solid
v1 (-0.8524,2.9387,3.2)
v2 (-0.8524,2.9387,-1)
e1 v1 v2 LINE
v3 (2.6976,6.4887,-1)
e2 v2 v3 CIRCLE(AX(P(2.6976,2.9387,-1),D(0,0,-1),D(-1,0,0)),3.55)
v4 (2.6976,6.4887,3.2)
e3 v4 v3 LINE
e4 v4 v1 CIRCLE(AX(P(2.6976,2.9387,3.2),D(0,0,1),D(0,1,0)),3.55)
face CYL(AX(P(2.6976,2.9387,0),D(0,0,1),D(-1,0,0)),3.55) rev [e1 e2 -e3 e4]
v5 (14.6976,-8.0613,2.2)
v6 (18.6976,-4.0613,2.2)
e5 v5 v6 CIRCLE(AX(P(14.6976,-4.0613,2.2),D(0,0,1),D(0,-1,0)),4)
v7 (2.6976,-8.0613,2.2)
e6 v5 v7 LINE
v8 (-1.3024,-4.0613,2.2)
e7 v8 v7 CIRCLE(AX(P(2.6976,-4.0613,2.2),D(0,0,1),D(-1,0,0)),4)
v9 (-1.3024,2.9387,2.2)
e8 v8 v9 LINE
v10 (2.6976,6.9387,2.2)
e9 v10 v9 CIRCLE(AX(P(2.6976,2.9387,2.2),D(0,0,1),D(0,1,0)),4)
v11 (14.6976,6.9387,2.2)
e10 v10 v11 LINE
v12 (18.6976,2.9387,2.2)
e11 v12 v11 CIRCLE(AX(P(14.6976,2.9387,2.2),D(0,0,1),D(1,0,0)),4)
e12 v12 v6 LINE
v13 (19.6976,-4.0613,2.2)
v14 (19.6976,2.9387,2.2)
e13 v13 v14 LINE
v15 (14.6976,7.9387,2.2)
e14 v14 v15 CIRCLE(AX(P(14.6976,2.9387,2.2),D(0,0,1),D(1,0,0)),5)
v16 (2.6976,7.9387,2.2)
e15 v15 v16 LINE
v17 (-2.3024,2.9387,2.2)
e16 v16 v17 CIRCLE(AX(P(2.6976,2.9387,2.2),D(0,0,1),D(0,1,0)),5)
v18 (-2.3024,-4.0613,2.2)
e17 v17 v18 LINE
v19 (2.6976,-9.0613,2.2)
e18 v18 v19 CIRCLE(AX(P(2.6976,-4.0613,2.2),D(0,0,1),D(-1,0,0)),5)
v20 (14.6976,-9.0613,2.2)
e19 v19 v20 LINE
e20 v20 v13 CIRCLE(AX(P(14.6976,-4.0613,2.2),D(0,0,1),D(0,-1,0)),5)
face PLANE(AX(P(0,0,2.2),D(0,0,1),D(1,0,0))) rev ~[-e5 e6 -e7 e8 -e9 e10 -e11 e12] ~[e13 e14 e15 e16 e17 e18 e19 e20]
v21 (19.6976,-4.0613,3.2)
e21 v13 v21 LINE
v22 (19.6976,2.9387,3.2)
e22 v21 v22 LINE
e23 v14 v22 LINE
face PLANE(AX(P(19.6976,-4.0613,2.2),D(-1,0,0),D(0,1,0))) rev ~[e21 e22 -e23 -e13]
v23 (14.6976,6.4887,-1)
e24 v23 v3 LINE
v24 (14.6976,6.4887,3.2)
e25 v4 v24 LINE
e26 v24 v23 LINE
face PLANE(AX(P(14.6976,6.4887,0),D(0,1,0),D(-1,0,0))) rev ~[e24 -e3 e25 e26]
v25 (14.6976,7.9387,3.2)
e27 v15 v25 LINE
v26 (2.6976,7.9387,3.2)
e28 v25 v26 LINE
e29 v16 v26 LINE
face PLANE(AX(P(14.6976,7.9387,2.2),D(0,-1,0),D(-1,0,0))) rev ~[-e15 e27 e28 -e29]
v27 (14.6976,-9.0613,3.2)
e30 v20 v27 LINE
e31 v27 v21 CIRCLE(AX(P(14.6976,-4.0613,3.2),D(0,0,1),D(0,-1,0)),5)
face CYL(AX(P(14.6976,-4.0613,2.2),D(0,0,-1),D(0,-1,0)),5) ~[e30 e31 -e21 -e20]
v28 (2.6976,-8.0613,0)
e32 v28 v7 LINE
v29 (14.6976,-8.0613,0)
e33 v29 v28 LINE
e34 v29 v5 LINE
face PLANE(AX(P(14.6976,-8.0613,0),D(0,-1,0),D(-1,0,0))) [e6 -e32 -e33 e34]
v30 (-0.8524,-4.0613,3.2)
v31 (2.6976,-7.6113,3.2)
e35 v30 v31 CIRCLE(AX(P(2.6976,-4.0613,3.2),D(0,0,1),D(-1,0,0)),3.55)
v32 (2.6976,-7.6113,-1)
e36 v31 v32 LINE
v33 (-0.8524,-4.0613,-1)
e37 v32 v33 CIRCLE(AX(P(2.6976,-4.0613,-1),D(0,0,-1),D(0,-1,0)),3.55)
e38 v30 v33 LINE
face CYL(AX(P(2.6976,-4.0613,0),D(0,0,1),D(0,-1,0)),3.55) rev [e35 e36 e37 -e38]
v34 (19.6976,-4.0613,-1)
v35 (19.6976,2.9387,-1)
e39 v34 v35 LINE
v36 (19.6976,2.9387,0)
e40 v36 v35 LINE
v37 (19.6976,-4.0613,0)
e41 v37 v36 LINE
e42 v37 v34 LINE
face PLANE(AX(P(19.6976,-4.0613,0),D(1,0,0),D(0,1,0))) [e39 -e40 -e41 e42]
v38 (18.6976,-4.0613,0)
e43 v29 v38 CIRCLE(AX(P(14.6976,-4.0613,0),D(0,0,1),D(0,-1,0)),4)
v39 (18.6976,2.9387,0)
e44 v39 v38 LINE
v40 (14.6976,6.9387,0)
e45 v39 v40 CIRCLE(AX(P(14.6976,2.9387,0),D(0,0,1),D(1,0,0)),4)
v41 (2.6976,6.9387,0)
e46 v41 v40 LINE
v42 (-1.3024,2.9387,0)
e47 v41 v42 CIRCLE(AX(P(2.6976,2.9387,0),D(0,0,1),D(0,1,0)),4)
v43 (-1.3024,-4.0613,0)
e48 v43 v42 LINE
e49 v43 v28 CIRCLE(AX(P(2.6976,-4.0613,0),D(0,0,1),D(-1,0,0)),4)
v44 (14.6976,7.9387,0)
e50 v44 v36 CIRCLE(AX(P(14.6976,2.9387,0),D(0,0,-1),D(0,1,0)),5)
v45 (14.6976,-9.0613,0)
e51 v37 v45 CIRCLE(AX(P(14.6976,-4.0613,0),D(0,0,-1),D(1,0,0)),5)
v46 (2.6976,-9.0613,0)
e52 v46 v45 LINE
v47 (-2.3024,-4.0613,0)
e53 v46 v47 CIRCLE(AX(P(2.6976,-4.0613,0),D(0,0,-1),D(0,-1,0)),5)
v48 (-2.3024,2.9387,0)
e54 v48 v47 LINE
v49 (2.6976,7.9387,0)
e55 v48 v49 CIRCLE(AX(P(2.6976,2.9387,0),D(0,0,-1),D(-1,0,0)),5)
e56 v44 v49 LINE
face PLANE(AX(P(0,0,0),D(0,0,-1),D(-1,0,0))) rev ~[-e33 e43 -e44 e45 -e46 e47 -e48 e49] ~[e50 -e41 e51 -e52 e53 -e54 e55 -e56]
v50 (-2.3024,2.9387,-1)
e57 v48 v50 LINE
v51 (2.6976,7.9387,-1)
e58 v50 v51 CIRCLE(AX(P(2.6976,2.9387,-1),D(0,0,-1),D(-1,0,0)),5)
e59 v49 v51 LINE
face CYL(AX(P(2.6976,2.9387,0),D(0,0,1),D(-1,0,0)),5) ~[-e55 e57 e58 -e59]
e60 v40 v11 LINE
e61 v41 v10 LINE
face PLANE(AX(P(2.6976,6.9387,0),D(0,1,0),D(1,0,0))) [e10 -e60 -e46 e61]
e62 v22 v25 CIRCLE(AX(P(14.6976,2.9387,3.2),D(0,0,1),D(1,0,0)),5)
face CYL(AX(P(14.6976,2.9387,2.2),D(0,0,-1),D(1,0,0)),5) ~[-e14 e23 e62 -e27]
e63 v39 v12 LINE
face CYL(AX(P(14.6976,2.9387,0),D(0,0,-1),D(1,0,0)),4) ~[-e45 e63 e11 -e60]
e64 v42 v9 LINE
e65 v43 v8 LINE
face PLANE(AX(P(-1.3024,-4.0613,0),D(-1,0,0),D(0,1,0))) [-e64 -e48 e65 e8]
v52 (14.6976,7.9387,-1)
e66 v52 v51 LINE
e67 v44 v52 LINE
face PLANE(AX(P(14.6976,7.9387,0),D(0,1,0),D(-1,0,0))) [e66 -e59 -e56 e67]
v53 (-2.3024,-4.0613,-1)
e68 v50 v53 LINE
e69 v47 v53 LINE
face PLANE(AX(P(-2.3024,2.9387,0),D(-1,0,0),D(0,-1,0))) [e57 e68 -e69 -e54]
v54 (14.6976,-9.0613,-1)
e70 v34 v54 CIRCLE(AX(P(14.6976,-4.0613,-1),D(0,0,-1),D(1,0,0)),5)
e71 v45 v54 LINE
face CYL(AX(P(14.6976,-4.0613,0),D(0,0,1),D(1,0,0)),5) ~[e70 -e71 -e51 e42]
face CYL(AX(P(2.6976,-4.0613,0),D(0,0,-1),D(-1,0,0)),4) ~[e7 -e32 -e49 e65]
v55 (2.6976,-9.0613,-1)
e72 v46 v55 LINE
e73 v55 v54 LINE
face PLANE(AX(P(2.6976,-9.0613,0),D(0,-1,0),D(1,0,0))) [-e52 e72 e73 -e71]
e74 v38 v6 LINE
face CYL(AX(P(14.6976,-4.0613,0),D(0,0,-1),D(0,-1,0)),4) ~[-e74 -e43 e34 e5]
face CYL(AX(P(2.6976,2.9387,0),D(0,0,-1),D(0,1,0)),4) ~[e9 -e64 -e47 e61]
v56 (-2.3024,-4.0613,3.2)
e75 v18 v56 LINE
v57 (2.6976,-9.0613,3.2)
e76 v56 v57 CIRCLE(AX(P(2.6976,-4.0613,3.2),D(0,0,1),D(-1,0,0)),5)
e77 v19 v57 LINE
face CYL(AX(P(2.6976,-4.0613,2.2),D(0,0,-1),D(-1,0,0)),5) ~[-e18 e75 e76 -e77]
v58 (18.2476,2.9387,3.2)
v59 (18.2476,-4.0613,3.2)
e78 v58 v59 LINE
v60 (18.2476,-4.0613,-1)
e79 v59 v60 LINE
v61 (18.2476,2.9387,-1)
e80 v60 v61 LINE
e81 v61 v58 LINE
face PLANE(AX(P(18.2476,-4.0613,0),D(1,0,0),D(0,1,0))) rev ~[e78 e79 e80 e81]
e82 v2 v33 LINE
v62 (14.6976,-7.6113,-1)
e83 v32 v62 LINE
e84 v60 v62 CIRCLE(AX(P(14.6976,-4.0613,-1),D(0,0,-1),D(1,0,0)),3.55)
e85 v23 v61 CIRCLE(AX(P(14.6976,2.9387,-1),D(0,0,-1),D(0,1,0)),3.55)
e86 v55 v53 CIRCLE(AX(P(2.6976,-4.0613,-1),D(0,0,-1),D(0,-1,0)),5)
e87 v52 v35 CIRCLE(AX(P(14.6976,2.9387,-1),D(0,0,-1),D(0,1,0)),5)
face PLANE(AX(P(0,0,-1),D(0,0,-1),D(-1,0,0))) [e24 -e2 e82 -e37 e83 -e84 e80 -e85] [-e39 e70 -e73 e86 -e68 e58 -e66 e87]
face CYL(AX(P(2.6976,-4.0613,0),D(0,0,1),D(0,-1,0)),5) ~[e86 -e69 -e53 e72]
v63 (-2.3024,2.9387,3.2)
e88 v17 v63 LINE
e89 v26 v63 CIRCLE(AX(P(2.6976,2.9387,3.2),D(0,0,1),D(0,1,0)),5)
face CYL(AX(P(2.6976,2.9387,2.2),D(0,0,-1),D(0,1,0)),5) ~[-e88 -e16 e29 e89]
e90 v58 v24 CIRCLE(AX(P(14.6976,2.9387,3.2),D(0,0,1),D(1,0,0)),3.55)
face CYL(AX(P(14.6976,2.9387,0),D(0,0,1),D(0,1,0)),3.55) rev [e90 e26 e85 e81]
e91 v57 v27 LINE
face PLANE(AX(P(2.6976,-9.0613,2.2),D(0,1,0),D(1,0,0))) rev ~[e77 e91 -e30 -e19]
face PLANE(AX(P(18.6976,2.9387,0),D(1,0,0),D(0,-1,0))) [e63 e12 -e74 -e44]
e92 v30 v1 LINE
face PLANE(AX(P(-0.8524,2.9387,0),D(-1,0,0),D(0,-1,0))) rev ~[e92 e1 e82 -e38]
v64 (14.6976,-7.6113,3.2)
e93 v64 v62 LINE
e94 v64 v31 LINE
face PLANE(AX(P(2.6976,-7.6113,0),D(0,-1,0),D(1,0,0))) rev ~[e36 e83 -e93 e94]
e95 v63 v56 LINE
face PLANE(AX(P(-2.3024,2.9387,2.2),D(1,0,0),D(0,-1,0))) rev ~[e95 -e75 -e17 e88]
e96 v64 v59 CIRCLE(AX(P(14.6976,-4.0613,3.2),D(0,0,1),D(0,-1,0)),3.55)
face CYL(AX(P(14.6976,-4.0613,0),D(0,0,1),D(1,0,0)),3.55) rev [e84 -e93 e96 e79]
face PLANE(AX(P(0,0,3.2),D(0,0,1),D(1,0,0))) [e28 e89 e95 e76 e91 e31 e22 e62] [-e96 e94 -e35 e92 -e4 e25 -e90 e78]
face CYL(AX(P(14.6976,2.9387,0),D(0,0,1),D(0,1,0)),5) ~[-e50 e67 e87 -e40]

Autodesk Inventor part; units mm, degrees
ref_plane "YZ Plane" through (0, 0, 0) normal (1, 0, 0) x (0, 1, 0)
ref_plane "XZ Plane" through (0, 0, 0) normal (0, 1, 0) x (-1, 0, 0)
ref_plane "XY Plane" through (0, 0, 0) normal (0, 0, 1) x (1, 0, 0)
sketch "Szkic1" plane through (0, 0, 0) normal (0, 0, 1) x (1, 0, 0)
  line L0 (2.6976, 6.9387) -> (14.6976, 6.9387)
  line L1 (18.6976, 2.9387) -> (18.6976, -4.0613)
  line L2 (14.6976, -8.0613) -> (2.6976, -8.0613)
  line L3 (-1.3024, -4.0613) -> (-1.3024, 2.9387)
  arc A0 (2.6976, 6.9387) -> (-1.3024, 2.9387) centre (2.6976, 2.9387) ccw
  arc A1 (18.6976, 2.9387) -> (14.6976, 6.9387) centre (14.6976, 2.9387) ccw
  arc A2 (14.6976, -8.0613) -> (18.6976, -4.0613) centre (14.6976, -4.0613) ccw
  arc A3 (-1.3024, -4.0613) -> (2.6976, -8.0613) centre (2.6976, -4.0613) ccw
  line L4 (14.6976, 6.4887) -> (2.6976, 6.4887)
  arc A4 (2.6976, 6.4887) -> (-0.8524, 2.9387) centre (2.6976, 2.9387) ccw
  line L5 (-0.8524, 2.9387) -> (-0.8524, -4.0613)
  arc A5 (-0.8524, -4.0613) -> (2.6976, -7.6113) centre (2.6976, -4.0613) ccw
  line L6 (2.6976, -7.6113) -> (14.6976, -7.6113)
  arc A6 (14.6976, -7.6113) -> (18.2476, -4.0613) centre (14.6976, -4.0613) ccw
  line L7 (18.2476, -4.0613) -> (18.2476, 2.9387)
  arc A7 (18.2476, 2.9387) -> (14.6976, 6.4887) centre (14.6976, 2.9387) ccw
  point P0 (0, 0)
  point P1 (18.6976, -8.0613)
  point P2 (18.6976, 6.9387)
  point P3 (-1.3024, -8.0613)
  dimension "d0" = 20
  dimension "d1" = 15
  dimension "d2" = 4
  dimension "d3" = 0.45
extrude "Wyciągnięcie proste1" add sketch "Szkic1" along normal blind 2.2
sketch "Szkic2" plane through (0, 0, 2.2) normal (0, 0, 1) x (1, 0, 0)
  arc A0 (18.2476, 2.9387) -> (14.6976, 6.4887) centre (14.6976, 2.9387) ccw projected
  line L0 (18.2476, 2.9387) -> (18.2476, -4.0613) projected
  arc A1 (14.6976, -7.6113) -> (18.2476, -4.0613) centre (14.6976, -4.0613) ccw projected
  line L1 (14.6976, -7.6113) -> (2.6976, -7.6113) projected
  arc A2 (-0.8524, -4.0613) -> (2.6976, -7.6113) centre (2.6976, -4.0613) ccw projected
  line L2 (-0.8524, -4.0613) -> (-0.8524, 2.9387) projected
  arc A3 (2.6976, 6.4887) -> (-0.8524, 2.9387) centre (2.6976, 2.9387) ccw projected
  line L3 (2.6976, 6.4887) -> (14.6976, 6.4887) projected
  line L4 (-1.3024, 2.9387) -> (-1.3024, -4.0613) projected
  arc A4 (-1.3024, -4.0613) -> (2.6976, -8.0613) centre (2.6976, -4.0613) ccw projected
  line L5 (2.6976, -8.0613) -> (14.6976, -8.0613) projected
  arc A5 (14.6976, -8.0613) -> (18.6976, -4.0613) centre (14.6976, -4.0613) ccw projected
  line L6 (18.6976, -4.0613) -> (18.6976, 2.9387) projected
  arc A6 (18.6976, 2.9387) -> (14.6976, 6.9387) centre (14.6976, 2.9387) ccw projected
  line L7 (14.6976, 6.9387) -> (2.6976, 6.9387) projected
  arc A7 (2.6976, 6.9387) -> (-1.3024, 2.9387) centre (2.6976, 2.9387) ccw projected
  line L8 (-2.3024, 2.9387) -> (-2.3024, -4.0613)
  arc A8 (-2.3024, -4.0613) -> (2.6976, -9.0613) centre (2.6976, -4.0613) ccw
  line L9 (2.6976, -9.0613) -> (14.6976, -9.0613)
  arc A9 (14.6976, -9.0613) -> (19.6976, -4.0613) centre (14.6976, -4.0613) ccw
  line L10 (19.6976, -4.0613) -> (19.6976, 2.9387)
  arc A10 (19.6976, 2.9387) -> (14.6976, 7.9387) centre (14.6976, 2.9387) ccw
  line L11 (14.6976, 7.9387) -> (2.6976, 7.9387)
  arc A11 (2.6976, 7.9387) -> (-2.3024, 2.9387) centre (2.6976, 2.9387) ccw
  point P0 (0, 0)
  dimension "d6" = 1
extrude "Wyciągnięcie proste2" add sketch "Szkic2" along normal blind 1 contours A7 L7 A6 L6 A5 L5 A4 L4 | A11 L11 A10 L10 A9 L9 A8 L8
sketch "Szkic3" plane through (0, 0, 0) normal (0, 0, -1) x (-1, 0, 0)
  line L0 (2.3024, 2.9387) -> (2.3024, -4.0613) projected
  arc A0 (2.3024, 2.9387) -> (-2.6976, 7.9387) centre (-2.6976, 2.9387) ccw projected
  line L1 (-14.6976, 7.9387) -> (-2.6976, 7.9387) projected
  arc A1 (-14.6976, 7.9387) -> (-19.6976, 2.9387) centre (-14.6976, 2.9387) ccw projected
  line L2 (-19.6976, -4.0613) -> (-19.6976, 2.9387) projected
  arc A2 (-19.6976, -4.0613) -> (-14.6976, -9.0613) centre (-14.6976, -4.0613) ccw projected
  line L3 (-2.6976, -9.0613) -> (-14.6976, -9.0613) projected
  arc A3 (-2.6976, -9.0613) -> (2.3024, -4.0613) centre (-2.6976, -4.0613) ccw projected
  arc A4 (1.3024, 2.9387) -> (-2.6976, 6.9387) centre (-2.6976, 2.9387) ccw projected
  line L4 (1.3024, 2.9387) -> (1.3024, -4.0613) projected
  arc A5 (-2.6976, -8.0613) -> (1.3024, -4.0613) centre (-2.6976, -4.0613) ccw projected
  line L5 (-2.6976, -8.0613) -> (-14.6976, -8.0613) projected
  arc A6 (-18.6976, -4.0613) -> (-14.6976, -8.0613) centre (-14.6976, -4.0613) ccw projected
  line L6 (-18.6976, -4.0613) -> (-18.6976, 2.9387) projected
  arc A7 (-14.6976, 6.9387) -> (-18.6976, 2.9387) centre (-14.6976, 2.9387) ccw projected
  line L7 (-14.6976, 6.9387) -> (-2.6976, 6.9387) projected
  arc A8 (-14.6976, 6.4887) -> (-18.2476, 2.9387) centre (-14.6976, 2.9387) ccw projected
  line L8 (-14.6976, 6.4887) -> (-2.6976, 6.4887) projected
  arc A9 (0.8524, 2.9387) -> (-2.6976, 6.4887) centre (-2.6976, 2.9387) ccw projected
  line L9 (0.8524, 2.9387) -> (0.8524, -4.0613) projected
  arc A10 (-2.6976, -7.6113) -> (0.8524, -4.0613) centre (-2.6976, -4.0613) ccw projected
  line L10 (-2.6976, -7.6113) -> (-14.6976, -7.6113) projected
  arc A11 (-18.2476, -4.0613) -> (-14.6976, -7.6113) centre (-14.6976, -4.0613) ccw projected
  line L11 (-18.2476, -4.0613) -> (-18.2476, 2.9387) projected
  line L12 (1.3024, 2.9387) -> (1.3024, -4.0613) projected
  arc A12 (1.3024, 2.9387) -> (-2.6976, 6.9387) centre (-2.6976, 2.9387) ccw projected
  line L13 (-14.6976, 6.9387) -> (-2.6976, 6.9387) projected
  arc A13 (-14.6976, 6.9387) -> (-18.6976, 2.9387) centre (-14.6976, 2.9387) ccw projected
  line L14 (-18.6976, -4.0613) -> (-18.6976, 2.9387) projected
  arc A14 (-18.6976, -4.0613) -> (-14.6976, -8.0613) centre (-14.6976, -4.0613) ccw projected
  line L15 (-2.6976, -8.0613) -> (-14.6976, -8.0613) projected
  arc A15 (-2.6976, -8.0613) -> (1.3024, -4.0613) centre (-2.6976, -4.0613) ccw projected
  point P0 (0, 0)
extrude "Wyciągnięcie proste3" add sketch "Szkic3" along normal blind 1 contours L0 A3 L3 A2 L2 A1 L1 A0 | L4 A5 L5 A6 L6 A7 L7 A4
properties part number "3DP_TPU_Cable_Feed_Through"
